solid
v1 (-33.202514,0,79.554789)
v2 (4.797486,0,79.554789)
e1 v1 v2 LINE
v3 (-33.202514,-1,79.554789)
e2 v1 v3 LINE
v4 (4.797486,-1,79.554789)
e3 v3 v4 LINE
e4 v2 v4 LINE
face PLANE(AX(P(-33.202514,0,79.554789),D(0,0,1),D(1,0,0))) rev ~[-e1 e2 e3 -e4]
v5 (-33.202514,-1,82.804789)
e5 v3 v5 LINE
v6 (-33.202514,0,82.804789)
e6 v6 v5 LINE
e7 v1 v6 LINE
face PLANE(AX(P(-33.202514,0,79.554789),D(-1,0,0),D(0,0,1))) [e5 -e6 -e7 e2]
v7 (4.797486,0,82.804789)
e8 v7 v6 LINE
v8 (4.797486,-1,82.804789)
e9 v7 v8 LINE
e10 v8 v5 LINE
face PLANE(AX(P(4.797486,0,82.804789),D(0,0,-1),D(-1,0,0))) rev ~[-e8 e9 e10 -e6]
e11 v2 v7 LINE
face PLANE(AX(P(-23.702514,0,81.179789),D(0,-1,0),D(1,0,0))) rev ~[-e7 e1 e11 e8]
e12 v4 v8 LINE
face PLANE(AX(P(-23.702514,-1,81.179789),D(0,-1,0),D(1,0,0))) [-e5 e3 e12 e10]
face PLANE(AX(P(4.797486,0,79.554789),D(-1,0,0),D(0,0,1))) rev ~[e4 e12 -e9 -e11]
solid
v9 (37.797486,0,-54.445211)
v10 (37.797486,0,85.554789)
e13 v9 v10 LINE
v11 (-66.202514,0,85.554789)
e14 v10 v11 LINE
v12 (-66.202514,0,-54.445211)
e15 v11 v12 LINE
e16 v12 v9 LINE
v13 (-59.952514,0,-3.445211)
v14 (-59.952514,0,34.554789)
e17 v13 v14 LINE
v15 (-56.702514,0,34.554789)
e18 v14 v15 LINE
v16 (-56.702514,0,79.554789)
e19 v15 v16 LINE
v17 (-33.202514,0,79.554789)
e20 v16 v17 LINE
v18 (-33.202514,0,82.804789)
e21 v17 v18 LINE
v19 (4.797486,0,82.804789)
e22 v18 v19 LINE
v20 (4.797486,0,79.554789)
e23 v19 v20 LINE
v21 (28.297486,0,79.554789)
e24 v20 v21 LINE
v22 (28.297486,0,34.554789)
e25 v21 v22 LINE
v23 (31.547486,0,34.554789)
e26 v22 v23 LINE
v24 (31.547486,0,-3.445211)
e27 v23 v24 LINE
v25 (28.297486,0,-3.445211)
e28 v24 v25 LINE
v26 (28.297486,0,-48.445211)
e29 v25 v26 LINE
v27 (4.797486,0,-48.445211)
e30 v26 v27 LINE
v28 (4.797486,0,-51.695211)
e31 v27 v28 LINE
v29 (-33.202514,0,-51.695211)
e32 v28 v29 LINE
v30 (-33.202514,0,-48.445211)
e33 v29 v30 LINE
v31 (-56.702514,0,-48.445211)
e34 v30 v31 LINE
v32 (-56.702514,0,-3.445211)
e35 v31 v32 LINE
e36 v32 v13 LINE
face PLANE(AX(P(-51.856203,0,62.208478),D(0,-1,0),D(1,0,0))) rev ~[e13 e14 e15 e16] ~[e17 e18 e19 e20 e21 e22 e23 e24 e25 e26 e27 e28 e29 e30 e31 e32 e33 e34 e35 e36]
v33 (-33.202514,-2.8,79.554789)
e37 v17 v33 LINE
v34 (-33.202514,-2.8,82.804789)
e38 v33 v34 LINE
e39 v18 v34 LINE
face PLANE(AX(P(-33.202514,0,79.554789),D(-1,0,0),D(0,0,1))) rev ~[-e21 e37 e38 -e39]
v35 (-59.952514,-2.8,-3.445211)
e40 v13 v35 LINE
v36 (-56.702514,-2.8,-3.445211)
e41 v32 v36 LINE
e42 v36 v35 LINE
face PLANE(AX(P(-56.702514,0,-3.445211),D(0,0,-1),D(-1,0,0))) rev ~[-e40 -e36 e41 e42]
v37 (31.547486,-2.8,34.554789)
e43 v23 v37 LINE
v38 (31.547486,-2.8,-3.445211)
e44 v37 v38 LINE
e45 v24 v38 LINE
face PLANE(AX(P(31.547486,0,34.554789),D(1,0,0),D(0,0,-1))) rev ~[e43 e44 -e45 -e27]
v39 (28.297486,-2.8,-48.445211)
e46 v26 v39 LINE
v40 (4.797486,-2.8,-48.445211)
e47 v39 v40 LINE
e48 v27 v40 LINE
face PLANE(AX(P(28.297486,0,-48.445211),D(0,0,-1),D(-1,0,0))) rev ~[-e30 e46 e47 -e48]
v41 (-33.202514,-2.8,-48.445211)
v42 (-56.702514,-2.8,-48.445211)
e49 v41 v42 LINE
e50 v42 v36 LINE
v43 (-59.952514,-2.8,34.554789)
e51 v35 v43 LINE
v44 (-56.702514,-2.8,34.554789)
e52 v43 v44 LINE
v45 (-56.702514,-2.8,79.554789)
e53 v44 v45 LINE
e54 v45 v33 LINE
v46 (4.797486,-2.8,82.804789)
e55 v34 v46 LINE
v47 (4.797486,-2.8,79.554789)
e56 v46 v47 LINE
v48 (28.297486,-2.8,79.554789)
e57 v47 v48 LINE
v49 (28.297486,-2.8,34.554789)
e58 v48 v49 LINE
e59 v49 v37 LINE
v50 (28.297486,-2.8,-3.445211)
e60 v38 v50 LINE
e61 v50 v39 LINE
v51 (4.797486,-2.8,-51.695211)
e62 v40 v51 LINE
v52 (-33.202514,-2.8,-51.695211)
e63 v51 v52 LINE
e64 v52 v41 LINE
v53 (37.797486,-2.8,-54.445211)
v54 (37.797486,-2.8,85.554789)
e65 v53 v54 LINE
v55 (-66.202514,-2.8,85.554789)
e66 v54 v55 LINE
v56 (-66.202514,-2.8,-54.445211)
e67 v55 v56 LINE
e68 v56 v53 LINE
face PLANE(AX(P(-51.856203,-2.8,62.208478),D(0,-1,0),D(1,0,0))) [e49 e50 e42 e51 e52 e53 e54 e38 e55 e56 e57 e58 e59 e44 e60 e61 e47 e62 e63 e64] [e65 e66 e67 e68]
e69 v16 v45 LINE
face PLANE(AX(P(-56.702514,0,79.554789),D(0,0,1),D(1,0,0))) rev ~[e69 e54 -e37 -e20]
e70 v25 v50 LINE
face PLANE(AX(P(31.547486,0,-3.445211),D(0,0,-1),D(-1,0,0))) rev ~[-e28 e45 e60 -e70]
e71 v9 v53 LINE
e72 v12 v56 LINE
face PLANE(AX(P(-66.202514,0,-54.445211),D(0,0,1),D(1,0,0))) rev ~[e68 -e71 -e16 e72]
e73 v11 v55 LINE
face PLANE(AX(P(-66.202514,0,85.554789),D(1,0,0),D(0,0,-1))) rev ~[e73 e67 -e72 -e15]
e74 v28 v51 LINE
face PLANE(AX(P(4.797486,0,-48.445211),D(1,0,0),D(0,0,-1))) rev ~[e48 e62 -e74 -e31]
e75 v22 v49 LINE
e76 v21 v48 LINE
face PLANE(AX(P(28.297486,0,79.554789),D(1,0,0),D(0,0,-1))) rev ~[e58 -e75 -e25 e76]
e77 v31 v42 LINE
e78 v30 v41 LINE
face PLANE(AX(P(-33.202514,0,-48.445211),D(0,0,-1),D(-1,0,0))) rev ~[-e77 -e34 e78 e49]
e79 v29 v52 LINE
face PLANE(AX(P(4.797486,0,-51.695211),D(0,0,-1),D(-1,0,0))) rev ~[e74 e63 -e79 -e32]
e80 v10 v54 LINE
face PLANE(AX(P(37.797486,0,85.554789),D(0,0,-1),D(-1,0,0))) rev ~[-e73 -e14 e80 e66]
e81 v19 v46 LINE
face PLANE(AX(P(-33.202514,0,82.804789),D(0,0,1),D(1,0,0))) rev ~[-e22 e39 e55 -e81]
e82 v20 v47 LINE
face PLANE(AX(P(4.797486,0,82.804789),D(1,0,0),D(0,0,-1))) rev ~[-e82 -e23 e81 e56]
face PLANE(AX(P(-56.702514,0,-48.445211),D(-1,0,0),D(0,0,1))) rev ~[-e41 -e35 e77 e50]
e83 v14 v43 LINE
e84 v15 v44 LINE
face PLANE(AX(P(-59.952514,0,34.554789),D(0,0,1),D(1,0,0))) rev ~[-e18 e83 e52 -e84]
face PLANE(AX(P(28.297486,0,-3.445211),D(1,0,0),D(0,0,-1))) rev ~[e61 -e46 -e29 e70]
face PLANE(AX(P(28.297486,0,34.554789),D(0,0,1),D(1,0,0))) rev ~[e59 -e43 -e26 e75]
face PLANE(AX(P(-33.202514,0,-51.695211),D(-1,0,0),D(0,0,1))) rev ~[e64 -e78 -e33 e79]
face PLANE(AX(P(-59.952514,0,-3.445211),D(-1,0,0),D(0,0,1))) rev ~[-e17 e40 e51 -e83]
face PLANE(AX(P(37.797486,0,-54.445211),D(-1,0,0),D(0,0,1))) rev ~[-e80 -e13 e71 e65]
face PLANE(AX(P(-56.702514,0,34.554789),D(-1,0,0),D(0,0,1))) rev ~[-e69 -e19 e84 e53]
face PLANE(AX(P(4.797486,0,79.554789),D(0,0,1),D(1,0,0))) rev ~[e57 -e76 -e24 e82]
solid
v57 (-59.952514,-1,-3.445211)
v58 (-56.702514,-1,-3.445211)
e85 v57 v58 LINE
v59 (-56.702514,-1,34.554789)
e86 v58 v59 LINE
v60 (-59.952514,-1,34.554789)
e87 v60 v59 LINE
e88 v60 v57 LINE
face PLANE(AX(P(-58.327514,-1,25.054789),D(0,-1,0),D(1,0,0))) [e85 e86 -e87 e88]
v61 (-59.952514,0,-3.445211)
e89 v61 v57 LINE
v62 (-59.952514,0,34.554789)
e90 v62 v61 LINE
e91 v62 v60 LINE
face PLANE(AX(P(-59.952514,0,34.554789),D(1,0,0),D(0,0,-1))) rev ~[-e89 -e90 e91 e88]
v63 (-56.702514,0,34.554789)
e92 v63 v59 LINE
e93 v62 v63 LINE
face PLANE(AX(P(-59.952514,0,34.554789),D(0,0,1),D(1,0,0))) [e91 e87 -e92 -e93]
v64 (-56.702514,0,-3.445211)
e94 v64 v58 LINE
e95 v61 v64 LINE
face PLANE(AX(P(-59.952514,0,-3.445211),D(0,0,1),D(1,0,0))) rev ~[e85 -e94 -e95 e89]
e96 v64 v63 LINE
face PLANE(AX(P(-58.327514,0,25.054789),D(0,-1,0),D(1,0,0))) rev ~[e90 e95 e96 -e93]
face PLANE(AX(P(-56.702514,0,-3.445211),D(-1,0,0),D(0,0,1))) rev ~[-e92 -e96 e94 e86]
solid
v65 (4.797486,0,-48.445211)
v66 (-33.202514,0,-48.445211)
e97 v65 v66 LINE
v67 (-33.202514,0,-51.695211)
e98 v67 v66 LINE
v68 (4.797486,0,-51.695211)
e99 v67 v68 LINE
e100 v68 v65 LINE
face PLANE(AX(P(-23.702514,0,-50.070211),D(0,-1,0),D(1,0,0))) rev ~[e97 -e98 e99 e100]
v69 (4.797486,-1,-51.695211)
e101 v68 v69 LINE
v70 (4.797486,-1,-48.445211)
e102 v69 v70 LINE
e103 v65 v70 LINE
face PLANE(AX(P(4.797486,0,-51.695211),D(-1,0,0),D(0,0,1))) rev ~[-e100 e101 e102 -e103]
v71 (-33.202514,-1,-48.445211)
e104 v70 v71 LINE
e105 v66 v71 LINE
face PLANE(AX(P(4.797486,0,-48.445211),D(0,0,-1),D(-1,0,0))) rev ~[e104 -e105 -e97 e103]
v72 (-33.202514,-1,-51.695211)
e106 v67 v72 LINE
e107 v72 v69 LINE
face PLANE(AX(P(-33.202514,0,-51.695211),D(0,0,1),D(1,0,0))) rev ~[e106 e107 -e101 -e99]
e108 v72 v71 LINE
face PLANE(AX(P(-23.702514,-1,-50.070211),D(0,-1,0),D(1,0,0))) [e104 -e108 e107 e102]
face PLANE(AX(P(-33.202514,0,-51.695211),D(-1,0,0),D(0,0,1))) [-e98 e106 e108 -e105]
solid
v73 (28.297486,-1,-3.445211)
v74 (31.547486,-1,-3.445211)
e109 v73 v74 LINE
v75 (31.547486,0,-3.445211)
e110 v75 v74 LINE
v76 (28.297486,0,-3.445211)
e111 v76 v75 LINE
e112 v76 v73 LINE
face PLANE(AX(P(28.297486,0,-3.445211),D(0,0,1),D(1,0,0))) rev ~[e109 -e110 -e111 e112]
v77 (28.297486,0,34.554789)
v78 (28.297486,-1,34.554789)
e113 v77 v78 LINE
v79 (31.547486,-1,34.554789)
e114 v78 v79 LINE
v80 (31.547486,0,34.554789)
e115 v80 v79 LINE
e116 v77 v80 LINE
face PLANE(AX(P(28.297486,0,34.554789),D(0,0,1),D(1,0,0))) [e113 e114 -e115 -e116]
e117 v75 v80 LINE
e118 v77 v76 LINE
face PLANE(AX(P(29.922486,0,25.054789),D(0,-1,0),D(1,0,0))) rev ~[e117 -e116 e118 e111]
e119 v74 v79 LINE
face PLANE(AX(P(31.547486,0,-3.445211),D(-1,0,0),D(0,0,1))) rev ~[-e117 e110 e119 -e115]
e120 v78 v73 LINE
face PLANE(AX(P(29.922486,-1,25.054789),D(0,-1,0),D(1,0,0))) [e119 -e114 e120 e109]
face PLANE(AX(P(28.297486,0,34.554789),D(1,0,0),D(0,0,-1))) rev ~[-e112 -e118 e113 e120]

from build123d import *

# Parameters (mm, degrees)
F1_DEPTH = 2.8
F0_W     = 3.25
F0_H     = 19
F0_W_2   = 19
F0_H_2   = 3.25
F2_DEPTH = 1


with BuildPart() as f1:
    # F0 (on Front) → F1 (new body)
    with BuildSketch(Plane.XZ):
        Polygon((-66.202514, 85.554789), (-66.202514, 15.554789), (-59.952514, 15.554789), (-59.952514, 34.554789), (-56.702514, 34.554789), (-56.702514, 79.554789), (-33.202514, 79.554789), (-33.202514, 82.804789), (-14.202514, 82.804789), (-14.202514, 85.554789), align=None)
        Polygon((31.547486, 15.554789), (37.797486, 15.554789), (37.797486, 85.554789), (-14.202514, 85.554789), (-14.202514, 82.804789), (4.797486, 82.804789), (4.797486, 79.554789), (28.297486, 79.554789), (28.297486, 34.554789), (31.547486, 34.554789), align=None)
        Polygon((-14.202514, -54.445211), (37.797486, -54.445211), (37.797486, 15.554789), (31.547486, 15.554789), (31.547486, -3.445211), (28.297486, -3.445211), (28.297486, -48.445211), (4.797486, -48.445211), (4.797486, -51.695211), (-14.202514, -51.695211), align=None)
        Polygon((-66.202514, -54.445211), (-14.202514, -54.445211), (-14.202514, -51.695211), (-33.202514, -51.695211), (-33.202514, -48.445211), (-56.702514, -48.445211), (-56.702514, -3.445211), (-59.952514, -3.445211), (-59.952514, 15.554789), (-66.202514, 15.554789), align=None)
    extrude(amount=F1_DEPTH)


with BuildPart() as f2:
    # F0 (on Front) → F2 (new body)
    with BuildSketch(Plane.XZ):
        with Locations((-58.327514, 25.054789)):
            Rectangle(F0_W, F0_H)
        with Locations((-58.327514, 6.054789)):
            Rectangle(F0_W, F0_H)
        with Locations((-23.702514, 81.179789)):
            Rectangle(F0_W_2, F0_H_2)
        with Locations((-4.702514, 81.179789)):
            Rectangle(F0_W_2, F0_H_2)
        with Locations((29.922486, 25.054789)):
            Rectangle(F0_W, F0_H)
        with Locations((29.922486, 6.054789)):
            Rectangle(F0_W, F0_H)
        with Locations((-23.702514, -50.070211)):
            Rectangle(F0_W_2, F0_H_2)
        with Locations((-4.702514, -50.070211)):
            Rectangle(F0_W_2, F0_H_2)
    extrude(amount=F2_DEPTH)


solid = Compound([f1.part, f2.part])
